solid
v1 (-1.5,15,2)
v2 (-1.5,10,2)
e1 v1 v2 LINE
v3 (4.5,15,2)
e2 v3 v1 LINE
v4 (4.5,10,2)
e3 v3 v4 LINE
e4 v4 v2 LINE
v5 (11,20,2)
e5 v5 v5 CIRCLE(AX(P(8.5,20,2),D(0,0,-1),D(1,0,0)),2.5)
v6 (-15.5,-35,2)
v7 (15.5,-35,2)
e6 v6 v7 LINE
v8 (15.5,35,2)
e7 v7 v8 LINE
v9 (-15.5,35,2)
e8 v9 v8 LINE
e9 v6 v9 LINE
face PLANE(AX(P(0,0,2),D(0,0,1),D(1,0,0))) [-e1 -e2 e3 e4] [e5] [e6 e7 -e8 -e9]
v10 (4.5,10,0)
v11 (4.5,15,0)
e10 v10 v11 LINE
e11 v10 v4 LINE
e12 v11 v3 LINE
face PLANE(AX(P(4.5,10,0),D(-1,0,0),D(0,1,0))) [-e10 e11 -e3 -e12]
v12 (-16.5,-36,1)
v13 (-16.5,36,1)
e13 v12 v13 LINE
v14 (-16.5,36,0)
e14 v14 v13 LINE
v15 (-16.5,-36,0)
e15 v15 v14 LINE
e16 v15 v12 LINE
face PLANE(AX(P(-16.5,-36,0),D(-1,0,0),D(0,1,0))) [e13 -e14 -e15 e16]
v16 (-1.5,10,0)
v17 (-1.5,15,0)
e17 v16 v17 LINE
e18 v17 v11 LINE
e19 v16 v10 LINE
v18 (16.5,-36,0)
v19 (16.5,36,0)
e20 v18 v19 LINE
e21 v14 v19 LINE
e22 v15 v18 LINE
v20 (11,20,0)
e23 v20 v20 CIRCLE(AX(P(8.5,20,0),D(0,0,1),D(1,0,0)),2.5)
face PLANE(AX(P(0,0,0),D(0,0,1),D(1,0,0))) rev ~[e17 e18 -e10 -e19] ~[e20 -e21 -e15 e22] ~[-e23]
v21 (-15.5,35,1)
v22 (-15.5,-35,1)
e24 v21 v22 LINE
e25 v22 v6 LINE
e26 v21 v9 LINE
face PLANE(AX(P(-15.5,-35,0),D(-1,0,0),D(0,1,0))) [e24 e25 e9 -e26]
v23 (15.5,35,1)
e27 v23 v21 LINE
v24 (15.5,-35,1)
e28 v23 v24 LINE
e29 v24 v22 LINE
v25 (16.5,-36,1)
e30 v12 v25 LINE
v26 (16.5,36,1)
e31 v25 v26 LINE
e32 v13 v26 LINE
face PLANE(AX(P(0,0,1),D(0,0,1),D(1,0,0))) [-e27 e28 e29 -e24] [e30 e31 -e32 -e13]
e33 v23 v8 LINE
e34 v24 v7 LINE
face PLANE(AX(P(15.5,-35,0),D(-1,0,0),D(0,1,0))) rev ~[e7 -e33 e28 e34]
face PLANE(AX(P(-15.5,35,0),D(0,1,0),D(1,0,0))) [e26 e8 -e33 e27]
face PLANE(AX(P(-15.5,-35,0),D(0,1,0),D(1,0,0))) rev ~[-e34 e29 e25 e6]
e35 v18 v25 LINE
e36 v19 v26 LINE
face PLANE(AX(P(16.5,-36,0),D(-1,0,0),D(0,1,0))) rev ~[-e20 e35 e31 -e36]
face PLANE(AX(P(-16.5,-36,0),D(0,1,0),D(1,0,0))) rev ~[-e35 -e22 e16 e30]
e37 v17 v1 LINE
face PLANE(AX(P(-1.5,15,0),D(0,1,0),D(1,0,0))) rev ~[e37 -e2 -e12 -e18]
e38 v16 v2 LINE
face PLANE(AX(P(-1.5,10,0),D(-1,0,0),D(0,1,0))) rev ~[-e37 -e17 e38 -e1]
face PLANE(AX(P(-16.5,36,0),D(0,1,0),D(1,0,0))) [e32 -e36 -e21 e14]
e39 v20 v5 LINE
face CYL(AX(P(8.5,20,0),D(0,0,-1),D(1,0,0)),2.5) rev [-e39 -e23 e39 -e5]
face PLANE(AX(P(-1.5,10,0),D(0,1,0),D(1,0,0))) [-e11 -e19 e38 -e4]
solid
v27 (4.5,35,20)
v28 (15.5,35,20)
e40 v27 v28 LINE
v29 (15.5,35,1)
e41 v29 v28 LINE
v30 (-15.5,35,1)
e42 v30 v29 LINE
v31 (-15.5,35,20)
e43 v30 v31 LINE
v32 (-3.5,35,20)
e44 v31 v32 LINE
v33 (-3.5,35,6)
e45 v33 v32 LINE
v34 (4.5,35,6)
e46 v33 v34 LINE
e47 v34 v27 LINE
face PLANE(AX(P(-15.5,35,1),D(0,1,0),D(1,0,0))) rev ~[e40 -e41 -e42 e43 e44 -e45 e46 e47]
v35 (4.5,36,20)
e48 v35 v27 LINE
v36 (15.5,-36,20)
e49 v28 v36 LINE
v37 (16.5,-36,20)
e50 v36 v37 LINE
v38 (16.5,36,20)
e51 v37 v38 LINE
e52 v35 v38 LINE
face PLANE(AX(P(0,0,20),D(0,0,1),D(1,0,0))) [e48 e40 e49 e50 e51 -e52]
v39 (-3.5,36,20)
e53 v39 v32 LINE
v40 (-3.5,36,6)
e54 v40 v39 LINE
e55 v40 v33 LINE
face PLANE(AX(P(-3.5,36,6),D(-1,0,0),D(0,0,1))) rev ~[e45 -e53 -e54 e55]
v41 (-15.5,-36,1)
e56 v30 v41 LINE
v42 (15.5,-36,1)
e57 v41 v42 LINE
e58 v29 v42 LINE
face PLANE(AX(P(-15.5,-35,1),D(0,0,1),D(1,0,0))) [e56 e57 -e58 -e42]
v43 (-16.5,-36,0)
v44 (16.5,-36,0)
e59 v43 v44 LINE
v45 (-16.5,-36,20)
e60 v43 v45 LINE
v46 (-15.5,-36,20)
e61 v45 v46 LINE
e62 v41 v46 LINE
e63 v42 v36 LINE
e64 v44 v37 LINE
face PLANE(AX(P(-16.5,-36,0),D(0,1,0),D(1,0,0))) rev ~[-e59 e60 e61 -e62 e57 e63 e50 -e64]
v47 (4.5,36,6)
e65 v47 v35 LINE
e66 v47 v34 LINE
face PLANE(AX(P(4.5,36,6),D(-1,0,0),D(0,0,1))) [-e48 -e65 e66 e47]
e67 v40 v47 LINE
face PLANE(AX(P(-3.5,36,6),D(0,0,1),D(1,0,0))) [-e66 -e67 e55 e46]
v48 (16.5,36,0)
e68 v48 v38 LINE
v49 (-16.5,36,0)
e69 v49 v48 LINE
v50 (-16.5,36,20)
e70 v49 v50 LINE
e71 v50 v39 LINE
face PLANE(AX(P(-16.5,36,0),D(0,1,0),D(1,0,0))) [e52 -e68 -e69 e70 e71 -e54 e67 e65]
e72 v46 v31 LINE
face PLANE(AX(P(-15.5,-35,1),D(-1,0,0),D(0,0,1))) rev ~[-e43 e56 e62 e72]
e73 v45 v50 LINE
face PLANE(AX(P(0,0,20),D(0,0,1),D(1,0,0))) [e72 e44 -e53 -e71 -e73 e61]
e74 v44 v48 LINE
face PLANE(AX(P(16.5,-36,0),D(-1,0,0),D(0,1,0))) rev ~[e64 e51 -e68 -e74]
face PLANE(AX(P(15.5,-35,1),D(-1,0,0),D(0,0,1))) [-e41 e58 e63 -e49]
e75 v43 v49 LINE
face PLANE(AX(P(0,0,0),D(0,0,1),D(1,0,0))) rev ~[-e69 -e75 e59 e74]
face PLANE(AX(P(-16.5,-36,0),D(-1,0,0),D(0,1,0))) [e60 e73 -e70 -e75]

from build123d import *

# Parameters (mm, degrees)
SKETCH_W             = 33
SKETCH_H             = 72
PAD_DEPTH            = 20
SKETCH001_W          = 31
SKETCH001_H          = 70
POCKET_DEPTH         = 19
SKETCH002_W          = 8
SKETCH002_H          = 14.003113
POCKET001_DEPTH      = 5
SKETCH003_W          = 31
SKETCH003_H          = 19
POCKET002_DEPTH      = 5
SKETCH004_W          = 33
SKETCH004_H          = 72
PAD001_DEPTH         = 1
SKETCH005_W          = 31
SKETCH005_H          = 70
PAD002_DEPTH         = 2
SKETCH006_W          = 6
SKETCH006_H          = 5
POCKET003_DEPTH      = 0.001
POCKET003_DEPTH_BACK = -2.001
SKETCH007_R          = 2.5
POCKET004_DEPTH      = 2.001


with BuildPart() as body:
    # Sketch → Pad (new body)
    with BuildSketch(Plane.XY):
        Rectangle(SKETCH_W, SKETCH_H)
    extrude(amount=PAD_DEPTH)

    # Sketch001 → Pocket (cut)
    with BuildSketch(Plane.XY.offset(1)):
        Rectangle(SKETCH001_W, SKETCH001_H)
    extrude(amount=POCKET_DEPTH, mode=Mode.SUBTRACT)

    # Sketch002 → Pocket001 (cut)
    with BuildSketch(Plane.XZ.offset(-36)):
        with Locations((0.5, 13.001556)):
            Rectangle(SKETCH002_W, SKETCH002_H)
    extrude(amount=POCKET001_DEPTH, mode=Mode.SUBTRACT)

    # Sketch003 → Pocket002 (cut)
    with BuildSketch(Plane.XZ.offset(35)):
        with Locations((0, 10.5)):
            Rectangle(SKETCH003_W, SKETCH003_H)
    extrude(amount=POCKET002_DEPTH, mode=Mode.SUBTRACT)


with BuildPart() as cover:
    # Sketch004 → Pad001 (new body)
    with BuildSketch(Plane.XY):
        Rectangle(SKETCH004_W, SKETCH004_H)
    extrude(amount=PAD001_DEPTH)

    # Sketch005 → Pad002 (join)
    with BuildSketch(Plane.XY):
        Rectangle(SKETCH005_W, SKETCH005_H)
    extrude(amount=PAD002_DEPTH)

    # Sketch006 → Pocket003 (cut, two sides)
    with BuildSketch(Plane.XY) as pocket003_sk:
        with Locations((1.5, 12.5)):
            Rectangle(SKETCH006_W, SKETCH006_H)
    extrude(amount=-POCKET003_DEPTH, mode=Mode.SUBTRACT)
    extrude(pocket003_sk.sketch, amount=-POCKET003_DEPTH_BACK, mode=Mode.SUBTRACT)

    # Sketch007 → Pocket004 (cut, through all)
    with BuildSketch(Plane.XY):
        with Locations((8.5, 20)):
            Circle(SKETCH007_R)
    extrude(amount=POCKET004_DEPTH, mode=Mode.SUBTRACT)


solid = Compound([body.part, cover.part])
